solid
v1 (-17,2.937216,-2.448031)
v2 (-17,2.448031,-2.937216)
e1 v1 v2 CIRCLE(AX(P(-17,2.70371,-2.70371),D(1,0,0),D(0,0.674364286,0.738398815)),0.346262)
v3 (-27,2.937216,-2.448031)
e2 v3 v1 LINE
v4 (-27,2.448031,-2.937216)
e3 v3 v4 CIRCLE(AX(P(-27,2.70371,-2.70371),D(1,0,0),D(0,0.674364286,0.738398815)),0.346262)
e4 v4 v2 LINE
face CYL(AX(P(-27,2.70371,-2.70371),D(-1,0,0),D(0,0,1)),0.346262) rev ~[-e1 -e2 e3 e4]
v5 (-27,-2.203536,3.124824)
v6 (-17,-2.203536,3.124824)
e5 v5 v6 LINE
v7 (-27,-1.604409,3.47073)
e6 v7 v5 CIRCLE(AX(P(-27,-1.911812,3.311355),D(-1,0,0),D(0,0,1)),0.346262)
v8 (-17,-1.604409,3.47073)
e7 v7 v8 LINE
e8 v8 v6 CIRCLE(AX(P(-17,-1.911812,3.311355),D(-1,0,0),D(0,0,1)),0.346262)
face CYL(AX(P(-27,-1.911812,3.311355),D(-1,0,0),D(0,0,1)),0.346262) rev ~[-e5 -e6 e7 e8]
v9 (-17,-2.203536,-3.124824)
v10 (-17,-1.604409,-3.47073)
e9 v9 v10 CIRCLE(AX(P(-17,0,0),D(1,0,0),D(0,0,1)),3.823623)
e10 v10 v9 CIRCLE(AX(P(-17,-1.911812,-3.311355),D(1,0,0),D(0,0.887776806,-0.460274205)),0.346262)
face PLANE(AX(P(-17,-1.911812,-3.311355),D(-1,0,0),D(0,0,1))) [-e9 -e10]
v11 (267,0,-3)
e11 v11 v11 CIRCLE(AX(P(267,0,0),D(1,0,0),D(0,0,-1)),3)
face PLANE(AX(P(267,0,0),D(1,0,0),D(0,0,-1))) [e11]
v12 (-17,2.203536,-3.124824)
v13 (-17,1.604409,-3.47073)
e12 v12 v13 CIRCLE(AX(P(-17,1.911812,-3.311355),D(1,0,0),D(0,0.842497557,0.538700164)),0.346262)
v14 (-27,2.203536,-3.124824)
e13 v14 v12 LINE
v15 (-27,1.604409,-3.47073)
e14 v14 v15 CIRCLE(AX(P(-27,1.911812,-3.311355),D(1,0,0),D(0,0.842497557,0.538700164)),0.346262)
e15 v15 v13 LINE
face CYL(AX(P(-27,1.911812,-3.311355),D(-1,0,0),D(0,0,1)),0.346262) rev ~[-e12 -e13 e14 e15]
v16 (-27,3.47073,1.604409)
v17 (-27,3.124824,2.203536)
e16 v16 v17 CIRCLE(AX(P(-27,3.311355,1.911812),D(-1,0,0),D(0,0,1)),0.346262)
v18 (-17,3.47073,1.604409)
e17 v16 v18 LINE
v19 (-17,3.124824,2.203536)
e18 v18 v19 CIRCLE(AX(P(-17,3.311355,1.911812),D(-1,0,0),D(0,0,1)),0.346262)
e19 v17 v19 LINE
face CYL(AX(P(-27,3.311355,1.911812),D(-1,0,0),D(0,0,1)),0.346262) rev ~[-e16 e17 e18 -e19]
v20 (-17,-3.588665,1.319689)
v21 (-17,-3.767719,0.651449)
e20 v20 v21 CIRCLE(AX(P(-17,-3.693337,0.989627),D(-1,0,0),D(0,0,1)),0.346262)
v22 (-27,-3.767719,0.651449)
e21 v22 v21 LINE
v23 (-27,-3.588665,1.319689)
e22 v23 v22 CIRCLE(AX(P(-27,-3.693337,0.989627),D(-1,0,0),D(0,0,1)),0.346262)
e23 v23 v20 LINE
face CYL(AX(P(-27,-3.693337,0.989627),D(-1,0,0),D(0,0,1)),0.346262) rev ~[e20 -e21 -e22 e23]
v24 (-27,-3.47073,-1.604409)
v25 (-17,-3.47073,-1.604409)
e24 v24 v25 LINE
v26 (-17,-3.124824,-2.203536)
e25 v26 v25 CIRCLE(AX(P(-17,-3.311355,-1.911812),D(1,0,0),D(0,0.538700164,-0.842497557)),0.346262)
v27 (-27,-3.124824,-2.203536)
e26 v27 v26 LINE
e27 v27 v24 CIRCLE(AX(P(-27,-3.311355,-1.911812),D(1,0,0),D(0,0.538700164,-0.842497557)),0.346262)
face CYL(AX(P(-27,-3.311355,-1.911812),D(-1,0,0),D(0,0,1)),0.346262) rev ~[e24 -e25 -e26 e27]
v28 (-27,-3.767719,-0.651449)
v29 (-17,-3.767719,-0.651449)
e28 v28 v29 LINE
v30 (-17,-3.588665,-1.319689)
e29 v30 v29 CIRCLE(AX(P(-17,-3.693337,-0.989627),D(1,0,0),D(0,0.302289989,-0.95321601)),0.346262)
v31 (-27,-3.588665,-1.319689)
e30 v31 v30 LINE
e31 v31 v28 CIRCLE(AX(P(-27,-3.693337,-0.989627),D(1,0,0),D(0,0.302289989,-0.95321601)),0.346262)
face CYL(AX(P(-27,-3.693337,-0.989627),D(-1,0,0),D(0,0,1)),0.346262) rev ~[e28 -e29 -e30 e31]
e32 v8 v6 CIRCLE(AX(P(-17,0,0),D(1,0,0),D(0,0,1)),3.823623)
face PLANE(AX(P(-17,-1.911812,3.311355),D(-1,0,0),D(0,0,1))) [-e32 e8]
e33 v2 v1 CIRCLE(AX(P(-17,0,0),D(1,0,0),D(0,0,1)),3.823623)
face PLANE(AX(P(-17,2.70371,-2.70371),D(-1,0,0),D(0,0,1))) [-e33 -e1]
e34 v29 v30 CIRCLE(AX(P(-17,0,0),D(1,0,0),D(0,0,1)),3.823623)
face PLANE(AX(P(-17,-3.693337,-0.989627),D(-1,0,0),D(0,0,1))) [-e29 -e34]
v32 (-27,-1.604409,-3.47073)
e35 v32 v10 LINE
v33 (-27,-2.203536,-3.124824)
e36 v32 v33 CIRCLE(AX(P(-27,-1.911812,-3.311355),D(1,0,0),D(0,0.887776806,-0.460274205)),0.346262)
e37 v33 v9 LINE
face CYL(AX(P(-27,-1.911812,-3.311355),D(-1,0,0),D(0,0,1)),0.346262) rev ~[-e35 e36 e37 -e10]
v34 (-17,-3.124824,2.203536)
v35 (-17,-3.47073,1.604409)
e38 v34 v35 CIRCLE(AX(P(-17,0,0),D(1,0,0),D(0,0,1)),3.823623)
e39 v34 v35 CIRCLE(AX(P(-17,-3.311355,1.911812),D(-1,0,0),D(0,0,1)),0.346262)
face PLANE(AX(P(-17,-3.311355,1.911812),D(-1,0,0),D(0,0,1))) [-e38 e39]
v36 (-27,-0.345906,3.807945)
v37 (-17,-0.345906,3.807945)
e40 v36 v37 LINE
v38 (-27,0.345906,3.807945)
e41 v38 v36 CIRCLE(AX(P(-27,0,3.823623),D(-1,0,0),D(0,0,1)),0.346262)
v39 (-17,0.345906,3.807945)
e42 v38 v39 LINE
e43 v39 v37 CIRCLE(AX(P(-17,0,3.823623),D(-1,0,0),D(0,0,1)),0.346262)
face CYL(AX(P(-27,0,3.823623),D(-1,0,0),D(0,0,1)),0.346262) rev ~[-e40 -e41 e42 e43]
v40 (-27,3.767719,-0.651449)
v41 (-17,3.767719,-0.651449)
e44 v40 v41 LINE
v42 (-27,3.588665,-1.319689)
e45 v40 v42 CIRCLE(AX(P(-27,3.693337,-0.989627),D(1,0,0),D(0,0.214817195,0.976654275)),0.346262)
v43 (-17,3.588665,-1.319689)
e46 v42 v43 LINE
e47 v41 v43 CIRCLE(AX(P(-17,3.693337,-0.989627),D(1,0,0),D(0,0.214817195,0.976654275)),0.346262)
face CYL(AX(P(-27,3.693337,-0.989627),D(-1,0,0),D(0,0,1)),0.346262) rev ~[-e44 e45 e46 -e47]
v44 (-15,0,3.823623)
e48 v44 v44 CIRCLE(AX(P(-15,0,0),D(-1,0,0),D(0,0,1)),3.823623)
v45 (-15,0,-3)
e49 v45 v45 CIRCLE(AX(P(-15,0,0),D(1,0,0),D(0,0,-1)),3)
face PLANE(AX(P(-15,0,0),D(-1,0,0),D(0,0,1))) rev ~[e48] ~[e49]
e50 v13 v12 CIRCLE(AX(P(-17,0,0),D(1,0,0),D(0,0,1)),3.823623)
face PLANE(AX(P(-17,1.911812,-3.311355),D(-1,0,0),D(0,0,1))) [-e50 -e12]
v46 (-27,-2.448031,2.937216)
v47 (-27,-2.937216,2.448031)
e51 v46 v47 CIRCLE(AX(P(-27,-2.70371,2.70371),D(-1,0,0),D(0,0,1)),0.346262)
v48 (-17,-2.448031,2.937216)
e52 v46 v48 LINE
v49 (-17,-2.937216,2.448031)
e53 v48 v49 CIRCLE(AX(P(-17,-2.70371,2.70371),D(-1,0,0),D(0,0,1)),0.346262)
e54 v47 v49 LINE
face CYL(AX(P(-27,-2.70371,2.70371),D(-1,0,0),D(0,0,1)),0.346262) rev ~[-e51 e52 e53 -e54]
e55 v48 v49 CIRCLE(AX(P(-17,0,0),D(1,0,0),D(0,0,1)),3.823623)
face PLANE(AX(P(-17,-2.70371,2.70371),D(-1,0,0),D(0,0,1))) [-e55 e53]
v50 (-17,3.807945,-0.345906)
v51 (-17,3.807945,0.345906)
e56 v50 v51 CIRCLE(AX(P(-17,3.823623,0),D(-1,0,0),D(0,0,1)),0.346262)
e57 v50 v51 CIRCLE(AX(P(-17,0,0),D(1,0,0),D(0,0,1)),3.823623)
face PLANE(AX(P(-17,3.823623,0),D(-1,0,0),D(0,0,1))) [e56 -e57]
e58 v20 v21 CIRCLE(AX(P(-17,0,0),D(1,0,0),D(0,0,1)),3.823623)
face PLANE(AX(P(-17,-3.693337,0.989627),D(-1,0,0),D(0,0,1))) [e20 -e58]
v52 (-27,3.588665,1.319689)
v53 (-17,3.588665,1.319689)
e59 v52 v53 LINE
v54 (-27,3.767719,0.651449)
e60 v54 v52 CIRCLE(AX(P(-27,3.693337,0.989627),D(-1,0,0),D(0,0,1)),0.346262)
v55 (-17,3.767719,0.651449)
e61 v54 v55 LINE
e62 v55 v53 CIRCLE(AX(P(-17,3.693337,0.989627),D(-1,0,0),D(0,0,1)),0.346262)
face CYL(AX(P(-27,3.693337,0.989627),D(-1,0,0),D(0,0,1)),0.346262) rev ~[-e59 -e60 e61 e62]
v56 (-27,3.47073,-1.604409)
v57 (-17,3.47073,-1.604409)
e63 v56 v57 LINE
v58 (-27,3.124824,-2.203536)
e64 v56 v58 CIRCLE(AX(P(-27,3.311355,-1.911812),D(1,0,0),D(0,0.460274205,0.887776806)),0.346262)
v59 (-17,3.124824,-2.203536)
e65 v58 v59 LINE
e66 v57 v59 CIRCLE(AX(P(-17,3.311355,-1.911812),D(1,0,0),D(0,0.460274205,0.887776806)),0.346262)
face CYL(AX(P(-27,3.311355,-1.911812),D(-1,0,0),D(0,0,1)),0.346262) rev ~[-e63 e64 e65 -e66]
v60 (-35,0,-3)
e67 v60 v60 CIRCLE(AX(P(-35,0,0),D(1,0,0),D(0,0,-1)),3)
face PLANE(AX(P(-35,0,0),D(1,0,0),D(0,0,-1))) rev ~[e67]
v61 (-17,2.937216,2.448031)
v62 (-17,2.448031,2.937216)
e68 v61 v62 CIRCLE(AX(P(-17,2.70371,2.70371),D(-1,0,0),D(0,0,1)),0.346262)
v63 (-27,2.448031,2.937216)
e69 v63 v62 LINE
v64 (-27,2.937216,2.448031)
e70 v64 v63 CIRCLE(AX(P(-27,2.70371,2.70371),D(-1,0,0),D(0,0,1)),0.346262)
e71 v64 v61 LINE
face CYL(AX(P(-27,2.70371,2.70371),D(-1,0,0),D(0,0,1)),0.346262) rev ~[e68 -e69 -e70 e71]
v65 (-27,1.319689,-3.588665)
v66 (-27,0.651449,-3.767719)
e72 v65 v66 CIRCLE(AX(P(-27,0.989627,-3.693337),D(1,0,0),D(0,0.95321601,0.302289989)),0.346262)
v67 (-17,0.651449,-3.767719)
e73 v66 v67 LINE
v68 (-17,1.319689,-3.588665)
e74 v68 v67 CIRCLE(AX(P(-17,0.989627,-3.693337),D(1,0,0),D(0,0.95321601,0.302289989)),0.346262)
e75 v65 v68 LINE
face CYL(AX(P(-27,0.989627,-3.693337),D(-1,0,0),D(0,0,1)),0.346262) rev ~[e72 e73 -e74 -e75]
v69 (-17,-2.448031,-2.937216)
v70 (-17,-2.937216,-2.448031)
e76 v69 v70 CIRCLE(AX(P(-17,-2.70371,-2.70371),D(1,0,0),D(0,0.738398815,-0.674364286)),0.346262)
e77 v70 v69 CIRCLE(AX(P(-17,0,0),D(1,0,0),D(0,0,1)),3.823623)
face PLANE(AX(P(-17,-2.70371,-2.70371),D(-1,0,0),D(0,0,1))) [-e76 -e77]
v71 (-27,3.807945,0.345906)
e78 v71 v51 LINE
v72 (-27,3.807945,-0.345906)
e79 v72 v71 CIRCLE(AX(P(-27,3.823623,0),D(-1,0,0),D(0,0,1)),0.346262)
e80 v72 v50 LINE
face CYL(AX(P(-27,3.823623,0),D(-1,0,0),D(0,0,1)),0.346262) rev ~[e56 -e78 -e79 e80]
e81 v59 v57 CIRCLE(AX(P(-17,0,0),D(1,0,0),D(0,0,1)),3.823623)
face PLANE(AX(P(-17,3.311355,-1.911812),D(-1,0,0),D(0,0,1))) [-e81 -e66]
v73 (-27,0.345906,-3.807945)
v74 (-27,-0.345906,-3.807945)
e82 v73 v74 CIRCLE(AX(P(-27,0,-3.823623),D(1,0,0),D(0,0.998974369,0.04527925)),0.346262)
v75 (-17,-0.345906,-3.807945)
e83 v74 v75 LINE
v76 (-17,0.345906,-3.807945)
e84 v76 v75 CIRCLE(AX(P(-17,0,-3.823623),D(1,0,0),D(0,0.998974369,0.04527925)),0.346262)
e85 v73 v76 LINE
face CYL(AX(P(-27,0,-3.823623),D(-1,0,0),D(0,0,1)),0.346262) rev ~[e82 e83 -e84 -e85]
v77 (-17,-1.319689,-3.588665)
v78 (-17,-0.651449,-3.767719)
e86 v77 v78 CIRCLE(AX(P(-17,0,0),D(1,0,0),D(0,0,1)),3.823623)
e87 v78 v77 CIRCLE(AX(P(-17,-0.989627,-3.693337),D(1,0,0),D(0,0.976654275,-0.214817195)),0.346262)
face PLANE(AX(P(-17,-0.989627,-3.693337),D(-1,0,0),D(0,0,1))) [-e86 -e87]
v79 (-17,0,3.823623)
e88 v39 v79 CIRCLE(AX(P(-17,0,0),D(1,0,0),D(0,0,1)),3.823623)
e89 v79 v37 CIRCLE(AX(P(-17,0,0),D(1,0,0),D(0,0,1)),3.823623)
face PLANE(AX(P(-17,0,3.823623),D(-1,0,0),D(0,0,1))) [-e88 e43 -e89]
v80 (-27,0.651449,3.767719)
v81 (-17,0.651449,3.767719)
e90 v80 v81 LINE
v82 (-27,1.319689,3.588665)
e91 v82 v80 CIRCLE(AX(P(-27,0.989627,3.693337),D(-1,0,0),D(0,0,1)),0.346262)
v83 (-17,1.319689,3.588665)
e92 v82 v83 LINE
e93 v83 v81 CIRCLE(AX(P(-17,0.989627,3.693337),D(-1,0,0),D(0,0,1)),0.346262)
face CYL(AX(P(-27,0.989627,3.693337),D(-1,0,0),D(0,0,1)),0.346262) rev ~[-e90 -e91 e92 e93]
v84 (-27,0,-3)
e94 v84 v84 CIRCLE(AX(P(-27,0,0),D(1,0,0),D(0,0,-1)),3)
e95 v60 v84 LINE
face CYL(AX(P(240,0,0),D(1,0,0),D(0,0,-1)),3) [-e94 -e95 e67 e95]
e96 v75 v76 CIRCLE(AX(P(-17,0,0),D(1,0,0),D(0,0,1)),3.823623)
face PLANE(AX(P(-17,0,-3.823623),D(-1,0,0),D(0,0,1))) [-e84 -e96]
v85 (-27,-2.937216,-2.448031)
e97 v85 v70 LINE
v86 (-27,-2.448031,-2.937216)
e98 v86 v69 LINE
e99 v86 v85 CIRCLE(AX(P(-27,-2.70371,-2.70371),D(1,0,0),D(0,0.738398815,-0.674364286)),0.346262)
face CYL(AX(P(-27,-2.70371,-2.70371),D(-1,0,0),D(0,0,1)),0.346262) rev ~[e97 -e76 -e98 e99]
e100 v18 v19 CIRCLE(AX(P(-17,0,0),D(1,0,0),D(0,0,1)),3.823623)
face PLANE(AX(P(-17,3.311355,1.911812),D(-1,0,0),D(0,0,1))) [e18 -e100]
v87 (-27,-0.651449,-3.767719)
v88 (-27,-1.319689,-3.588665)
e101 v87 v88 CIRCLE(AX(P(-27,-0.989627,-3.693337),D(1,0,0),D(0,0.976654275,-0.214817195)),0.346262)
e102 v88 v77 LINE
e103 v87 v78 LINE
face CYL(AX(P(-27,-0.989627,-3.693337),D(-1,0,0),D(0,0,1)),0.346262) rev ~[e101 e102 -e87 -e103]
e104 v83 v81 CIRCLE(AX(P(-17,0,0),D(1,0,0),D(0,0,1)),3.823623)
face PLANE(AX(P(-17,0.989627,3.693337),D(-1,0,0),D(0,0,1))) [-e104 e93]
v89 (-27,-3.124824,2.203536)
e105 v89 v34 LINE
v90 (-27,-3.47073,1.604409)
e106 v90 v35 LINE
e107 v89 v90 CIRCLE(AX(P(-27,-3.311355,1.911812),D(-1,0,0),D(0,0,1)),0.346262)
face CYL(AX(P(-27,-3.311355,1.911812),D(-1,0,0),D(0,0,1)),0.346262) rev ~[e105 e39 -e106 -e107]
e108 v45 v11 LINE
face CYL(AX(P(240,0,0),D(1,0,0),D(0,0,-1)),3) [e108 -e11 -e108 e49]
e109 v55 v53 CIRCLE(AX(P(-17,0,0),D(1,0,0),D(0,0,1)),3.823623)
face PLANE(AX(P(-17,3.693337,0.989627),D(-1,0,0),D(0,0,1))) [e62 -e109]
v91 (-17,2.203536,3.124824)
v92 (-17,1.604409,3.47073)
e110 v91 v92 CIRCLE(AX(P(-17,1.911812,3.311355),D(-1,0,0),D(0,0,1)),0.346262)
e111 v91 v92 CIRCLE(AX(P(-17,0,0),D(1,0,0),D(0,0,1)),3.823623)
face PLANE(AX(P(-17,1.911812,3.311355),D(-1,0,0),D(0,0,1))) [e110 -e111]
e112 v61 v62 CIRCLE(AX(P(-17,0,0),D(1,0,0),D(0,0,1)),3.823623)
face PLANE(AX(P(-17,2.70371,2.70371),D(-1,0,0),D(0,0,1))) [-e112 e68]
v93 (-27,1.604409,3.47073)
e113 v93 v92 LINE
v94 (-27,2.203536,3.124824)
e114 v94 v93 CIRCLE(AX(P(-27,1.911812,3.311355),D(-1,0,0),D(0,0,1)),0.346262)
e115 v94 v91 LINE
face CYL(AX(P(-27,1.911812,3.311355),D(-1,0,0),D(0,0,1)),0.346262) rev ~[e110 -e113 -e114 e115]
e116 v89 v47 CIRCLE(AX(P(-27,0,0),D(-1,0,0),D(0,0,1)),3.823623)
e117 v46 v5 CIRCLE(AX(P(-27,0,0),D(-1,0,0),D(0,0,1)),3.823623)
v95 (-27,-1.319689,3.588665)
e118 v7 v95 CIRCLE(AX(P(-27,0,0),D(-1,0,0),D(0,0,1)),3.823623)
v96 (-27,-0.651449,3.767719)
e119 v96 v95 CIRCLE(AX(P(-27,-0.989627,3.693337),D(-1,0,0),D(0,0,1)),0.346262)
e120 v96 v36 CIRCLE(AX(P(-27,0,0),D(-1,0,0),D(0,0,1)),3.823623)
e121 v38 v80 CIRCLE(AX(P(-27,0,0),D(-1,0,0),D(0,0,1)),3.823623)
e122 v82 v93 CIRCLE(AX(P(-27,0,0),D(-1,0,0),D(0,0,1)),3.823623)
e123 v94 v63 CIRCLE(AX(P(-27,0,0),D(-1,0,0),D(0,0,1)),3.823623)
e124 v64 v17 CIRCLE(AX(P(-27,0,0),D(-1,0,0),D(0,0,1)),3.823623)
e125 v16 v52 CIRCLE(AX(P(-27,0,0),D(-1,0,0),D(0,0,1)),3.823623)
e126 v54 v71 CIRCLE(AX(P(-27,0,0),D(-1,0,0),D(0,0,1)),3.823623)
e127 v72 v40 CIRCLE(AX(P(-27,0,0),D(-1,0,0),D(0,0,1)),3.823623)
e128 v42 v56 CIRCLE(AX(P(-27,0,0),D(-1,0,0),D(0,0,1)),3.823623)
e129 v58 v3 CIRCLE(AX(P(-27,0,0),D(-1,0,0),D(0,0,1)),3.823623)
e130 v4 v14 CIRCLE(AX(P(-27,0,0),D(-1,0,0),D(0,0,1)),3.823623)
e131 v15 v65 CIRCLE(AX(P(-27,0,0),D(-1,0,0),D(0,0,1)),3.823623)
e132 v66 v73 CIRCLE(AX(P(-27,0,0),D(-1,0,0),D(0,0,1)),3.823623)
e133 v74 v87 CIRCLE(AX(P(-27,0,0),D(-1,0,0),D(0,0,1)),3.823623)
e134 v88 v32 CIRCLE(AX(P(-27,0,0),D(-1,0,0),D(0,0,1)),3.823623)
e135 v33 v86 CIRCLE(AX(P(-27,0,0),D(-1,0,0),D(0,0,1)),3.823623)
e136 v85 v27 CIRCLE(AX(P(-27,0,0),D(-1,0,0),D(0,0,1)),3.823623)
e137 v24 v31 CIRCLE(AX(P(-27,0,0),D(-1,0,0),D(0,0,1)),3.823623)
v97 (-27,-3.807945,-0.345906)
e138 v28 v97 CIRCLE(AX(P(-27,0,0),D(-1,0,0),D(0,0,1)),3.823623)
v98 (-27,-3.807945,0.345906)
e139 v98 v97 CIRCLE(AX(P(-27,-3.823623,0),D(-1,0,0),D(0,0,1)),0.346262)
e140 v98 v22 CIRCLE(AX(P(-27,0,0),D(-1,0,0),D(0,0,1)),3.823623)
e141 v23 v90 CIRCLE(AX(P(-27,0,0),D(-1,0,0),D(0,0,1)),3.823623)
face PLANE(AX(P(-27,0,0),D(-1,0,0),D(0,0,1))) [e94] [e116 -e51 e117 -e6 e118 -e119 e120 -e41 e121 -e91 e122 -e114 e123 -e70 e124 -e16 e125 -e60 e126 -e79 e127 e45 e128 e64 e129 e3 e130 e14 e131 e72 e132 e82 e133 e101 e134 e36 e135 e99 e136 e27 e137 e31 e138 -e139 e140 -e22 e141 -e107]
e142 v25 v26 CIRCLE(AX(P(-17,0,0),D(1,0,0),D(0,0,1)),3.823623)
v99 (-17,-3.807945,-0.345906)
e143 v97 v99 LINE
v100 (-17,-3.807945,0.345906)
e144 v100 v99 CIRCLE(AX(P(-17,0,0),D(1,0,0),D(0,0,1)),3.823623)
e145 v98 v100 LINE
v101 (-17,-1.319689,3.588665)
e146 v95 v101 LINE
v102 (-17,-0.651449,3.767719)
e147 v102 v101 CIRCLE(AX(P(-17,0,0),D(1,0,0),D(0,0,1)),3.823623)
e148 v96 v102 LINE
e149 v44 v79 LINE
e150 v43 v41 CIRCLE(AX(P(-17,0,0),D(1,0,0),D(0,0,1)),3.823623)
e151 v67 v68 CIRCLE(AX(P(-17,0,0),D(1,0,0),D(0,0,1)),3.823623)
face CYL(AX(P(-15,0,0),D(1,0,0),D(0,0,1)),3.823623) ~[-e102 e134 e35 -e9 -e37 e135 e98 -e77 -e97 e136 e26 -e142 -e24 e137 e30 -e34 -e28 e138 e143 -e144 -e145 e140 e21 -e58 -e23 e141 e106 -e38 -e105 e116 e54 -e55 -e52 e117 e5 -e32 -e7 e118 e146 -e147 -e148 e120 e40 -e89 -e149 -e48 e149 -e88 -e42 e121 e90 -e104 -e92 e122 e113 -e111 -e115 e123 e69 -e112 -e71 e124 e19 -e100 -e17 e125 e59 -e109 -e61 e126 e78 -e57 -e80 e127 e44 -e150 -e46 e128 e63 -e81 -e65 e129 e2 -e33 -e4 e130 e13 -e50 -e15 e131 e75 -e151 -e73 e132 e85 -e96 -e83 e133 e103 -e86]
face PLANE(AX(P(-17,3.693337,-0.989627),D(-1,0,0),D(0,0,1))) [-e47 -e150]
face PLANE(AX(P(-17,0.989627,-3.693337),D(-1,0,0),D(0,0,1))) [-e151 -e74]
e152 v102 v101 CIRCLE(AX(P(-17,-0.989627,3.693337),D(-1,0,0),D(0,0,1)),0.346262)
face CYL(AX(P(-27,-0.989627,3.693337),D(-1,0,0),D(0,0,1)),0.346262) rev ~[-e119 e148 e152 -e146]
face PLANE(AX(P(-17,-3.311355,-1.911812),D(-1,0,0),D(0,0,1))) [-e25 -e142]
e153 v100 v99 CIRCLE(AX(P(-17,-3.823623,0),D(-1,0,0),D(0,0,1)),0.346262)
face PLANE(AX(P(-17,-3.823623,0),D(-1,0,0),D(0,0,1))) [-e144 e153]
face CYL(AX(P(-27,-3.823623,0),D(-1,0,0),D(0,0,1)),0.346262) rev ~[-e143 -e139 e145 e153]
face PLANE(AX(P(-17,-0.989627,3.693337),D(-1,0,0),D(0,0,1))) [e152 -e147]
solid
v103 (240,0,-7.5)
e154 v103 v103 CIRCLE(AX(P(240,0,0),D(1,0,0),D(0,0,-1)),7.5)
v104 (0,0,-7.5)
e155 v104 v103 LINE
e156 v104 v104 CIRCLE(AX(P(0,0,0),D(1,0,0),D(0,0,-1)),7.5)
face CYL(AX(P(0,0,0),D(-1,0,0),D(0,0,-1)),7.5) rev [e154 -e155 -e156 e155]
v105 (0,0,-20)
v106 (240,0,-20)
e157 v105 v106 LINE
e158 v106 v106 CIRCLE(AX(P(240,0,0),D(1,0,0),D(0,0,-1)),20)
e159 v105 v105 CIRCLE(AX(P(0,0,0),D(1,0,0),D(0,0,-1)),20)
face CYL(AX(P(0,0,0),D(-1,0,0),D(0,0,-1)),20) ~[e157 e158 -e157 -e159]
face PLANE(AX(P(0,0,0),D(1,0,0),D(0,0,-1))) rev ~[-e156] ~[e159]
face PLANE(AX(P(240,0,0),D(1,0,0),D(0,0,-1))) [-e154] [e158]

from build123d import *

# Parameters (mm, degrees)
SKETCH1_R                = 20
SKETCH1_R_2              = 7.5
BOSS_EXTRUDE1_DEPTH      = 240
SKETCH6_R                = 3
BOSS_EXTRUDE2_DEPTH      = 27
BOSS_EXTRUDE2_DEPTH_BACK = 275
SKETCH7_R                = 3.823623307
BOSS_EXTRUDE3_DEPTH      = 12
SKETCH8_R                = 0.346261595
CUT_EXTRUDE1_DEPTH       = 10


with BuildPart() as part:
    # Sketch1 → Boss-Extrude1 (new body)
    with BuildSketch(Plane(origin=(0, 0, 0), x_dir=(0, 0, -1), z_dir=(1, 0, 0))):
        Circle(SKETCH1_R)
        Circle(SKETCH1_R_2, mode=Mode.SUBTRACT)
    extrude(amount=BOSS_EXTRUDE1_DEPTH)


with BuildPart() as body_2:
    # Sketch6 → Boss-Extrude2 (new body, two sides)
    with BuildSketch(Plane(origin=(240, 0, 0), x_dir=(0, 0, -1), z_dir=(1, 0, 0))) as boss_extrude2_sk:
        Circle(SKETCH6_R)
    extrude(amount=BOSS_EXTRUDE2_DEPTH)
    extrude(boss_extrude2_sk.sketch, amount=-BOSS_EXTRUDE2_DEPTH_BACK)

    # Sketch7 → Boss-Extrude3 (add)
    with BuildSketch(Plane.ZY.offset(15)):
        Circle(SKETCH7_R)
    extrude(amount=BOSS_EXTRUDE3_DEPTH)

    # Sketch8 → Cut-Extrude1 (cut)
    with BuildSketch(Plane.ZY.offset(27)):
        with Locations((-3.823623307, 0)):
            Circle(SKETCH8_R)
        with Locations((-3.693336502, 0.989626533)):
            Circle(SKETCH8_R)
        with Locations((-3.311354918, 1.911811653)):
            Circle(SKETCH8_R)
        with Locations((-2.703709969, 2.703709969)):
            Circle(SKETCH8_R)
        with Locations((-1.911811653, 3.311354918)):
            Circle(SKETCH8_R)
        with Locations((-0.989626533, 3.693336502)):
            Circle(SKETCH8_R)
        with Locations((0, 3.823623307)):
            Circle(SKETCH8_R)
        with Locations((0.989626533, 3.693336502)):
            Circle(SKETCH8_R)
        with Locations((1.911811653, 3.311354918)):
            Circle(SKETCH8_R)
        with Locations((2.703709969, 2.703709969)):
            Circle(SKETCH8_R)
        with Locations((3.311354918, 1.911811653)):
            Circle(SKETCH8_R)
        with Locations((3.693336502, 0.989626533)):
            Circle(SKETCH8_R)
        with Locations((3.823623307, 0)):
            Circle(SKETCH8_R)
        with Locations((3.693336502, -0.989626533)):
            Circle(SKETCH8_R)
        with Locations((3.311354918, -1.911811653)):
            Circle(SKETCH8_R)
        with Locations((2.703709969, -2.703709969)):
            Circle(SKETCH8_R)
        with Locations((1.911811653, -3.311354918)):
            Circle(SKETCH8_R)
        with Locations((0.989626533, -3.693336502)):
            Circle(SKETCH8_R)
        with Locations((0, -3.823623307)):
            Circle(SKETCH8_R)
        with Locations((-0.989626533, -3.693336502)):
            Circle(SKETCH8_R)
        with Locations((-1.911811653, -3.311354918)):
            Circle(SKETCH8_R)
        with Locations((-2.703709969, -2.703709969)):
            Circle(SKETCH8_R)
        with Locations((-3.311354918, -1.911811653)):
            Circle(SKETCH8_R)
        with Locations((-3.693336502, -0.989626533)):
            Circle(SKETCH8_R)
    extrude(amount=-CUT_EXTRUDE1_DEPTH, mode=Mode.SUBTRACT)


solid = Compound([part.part, body_2.part])
